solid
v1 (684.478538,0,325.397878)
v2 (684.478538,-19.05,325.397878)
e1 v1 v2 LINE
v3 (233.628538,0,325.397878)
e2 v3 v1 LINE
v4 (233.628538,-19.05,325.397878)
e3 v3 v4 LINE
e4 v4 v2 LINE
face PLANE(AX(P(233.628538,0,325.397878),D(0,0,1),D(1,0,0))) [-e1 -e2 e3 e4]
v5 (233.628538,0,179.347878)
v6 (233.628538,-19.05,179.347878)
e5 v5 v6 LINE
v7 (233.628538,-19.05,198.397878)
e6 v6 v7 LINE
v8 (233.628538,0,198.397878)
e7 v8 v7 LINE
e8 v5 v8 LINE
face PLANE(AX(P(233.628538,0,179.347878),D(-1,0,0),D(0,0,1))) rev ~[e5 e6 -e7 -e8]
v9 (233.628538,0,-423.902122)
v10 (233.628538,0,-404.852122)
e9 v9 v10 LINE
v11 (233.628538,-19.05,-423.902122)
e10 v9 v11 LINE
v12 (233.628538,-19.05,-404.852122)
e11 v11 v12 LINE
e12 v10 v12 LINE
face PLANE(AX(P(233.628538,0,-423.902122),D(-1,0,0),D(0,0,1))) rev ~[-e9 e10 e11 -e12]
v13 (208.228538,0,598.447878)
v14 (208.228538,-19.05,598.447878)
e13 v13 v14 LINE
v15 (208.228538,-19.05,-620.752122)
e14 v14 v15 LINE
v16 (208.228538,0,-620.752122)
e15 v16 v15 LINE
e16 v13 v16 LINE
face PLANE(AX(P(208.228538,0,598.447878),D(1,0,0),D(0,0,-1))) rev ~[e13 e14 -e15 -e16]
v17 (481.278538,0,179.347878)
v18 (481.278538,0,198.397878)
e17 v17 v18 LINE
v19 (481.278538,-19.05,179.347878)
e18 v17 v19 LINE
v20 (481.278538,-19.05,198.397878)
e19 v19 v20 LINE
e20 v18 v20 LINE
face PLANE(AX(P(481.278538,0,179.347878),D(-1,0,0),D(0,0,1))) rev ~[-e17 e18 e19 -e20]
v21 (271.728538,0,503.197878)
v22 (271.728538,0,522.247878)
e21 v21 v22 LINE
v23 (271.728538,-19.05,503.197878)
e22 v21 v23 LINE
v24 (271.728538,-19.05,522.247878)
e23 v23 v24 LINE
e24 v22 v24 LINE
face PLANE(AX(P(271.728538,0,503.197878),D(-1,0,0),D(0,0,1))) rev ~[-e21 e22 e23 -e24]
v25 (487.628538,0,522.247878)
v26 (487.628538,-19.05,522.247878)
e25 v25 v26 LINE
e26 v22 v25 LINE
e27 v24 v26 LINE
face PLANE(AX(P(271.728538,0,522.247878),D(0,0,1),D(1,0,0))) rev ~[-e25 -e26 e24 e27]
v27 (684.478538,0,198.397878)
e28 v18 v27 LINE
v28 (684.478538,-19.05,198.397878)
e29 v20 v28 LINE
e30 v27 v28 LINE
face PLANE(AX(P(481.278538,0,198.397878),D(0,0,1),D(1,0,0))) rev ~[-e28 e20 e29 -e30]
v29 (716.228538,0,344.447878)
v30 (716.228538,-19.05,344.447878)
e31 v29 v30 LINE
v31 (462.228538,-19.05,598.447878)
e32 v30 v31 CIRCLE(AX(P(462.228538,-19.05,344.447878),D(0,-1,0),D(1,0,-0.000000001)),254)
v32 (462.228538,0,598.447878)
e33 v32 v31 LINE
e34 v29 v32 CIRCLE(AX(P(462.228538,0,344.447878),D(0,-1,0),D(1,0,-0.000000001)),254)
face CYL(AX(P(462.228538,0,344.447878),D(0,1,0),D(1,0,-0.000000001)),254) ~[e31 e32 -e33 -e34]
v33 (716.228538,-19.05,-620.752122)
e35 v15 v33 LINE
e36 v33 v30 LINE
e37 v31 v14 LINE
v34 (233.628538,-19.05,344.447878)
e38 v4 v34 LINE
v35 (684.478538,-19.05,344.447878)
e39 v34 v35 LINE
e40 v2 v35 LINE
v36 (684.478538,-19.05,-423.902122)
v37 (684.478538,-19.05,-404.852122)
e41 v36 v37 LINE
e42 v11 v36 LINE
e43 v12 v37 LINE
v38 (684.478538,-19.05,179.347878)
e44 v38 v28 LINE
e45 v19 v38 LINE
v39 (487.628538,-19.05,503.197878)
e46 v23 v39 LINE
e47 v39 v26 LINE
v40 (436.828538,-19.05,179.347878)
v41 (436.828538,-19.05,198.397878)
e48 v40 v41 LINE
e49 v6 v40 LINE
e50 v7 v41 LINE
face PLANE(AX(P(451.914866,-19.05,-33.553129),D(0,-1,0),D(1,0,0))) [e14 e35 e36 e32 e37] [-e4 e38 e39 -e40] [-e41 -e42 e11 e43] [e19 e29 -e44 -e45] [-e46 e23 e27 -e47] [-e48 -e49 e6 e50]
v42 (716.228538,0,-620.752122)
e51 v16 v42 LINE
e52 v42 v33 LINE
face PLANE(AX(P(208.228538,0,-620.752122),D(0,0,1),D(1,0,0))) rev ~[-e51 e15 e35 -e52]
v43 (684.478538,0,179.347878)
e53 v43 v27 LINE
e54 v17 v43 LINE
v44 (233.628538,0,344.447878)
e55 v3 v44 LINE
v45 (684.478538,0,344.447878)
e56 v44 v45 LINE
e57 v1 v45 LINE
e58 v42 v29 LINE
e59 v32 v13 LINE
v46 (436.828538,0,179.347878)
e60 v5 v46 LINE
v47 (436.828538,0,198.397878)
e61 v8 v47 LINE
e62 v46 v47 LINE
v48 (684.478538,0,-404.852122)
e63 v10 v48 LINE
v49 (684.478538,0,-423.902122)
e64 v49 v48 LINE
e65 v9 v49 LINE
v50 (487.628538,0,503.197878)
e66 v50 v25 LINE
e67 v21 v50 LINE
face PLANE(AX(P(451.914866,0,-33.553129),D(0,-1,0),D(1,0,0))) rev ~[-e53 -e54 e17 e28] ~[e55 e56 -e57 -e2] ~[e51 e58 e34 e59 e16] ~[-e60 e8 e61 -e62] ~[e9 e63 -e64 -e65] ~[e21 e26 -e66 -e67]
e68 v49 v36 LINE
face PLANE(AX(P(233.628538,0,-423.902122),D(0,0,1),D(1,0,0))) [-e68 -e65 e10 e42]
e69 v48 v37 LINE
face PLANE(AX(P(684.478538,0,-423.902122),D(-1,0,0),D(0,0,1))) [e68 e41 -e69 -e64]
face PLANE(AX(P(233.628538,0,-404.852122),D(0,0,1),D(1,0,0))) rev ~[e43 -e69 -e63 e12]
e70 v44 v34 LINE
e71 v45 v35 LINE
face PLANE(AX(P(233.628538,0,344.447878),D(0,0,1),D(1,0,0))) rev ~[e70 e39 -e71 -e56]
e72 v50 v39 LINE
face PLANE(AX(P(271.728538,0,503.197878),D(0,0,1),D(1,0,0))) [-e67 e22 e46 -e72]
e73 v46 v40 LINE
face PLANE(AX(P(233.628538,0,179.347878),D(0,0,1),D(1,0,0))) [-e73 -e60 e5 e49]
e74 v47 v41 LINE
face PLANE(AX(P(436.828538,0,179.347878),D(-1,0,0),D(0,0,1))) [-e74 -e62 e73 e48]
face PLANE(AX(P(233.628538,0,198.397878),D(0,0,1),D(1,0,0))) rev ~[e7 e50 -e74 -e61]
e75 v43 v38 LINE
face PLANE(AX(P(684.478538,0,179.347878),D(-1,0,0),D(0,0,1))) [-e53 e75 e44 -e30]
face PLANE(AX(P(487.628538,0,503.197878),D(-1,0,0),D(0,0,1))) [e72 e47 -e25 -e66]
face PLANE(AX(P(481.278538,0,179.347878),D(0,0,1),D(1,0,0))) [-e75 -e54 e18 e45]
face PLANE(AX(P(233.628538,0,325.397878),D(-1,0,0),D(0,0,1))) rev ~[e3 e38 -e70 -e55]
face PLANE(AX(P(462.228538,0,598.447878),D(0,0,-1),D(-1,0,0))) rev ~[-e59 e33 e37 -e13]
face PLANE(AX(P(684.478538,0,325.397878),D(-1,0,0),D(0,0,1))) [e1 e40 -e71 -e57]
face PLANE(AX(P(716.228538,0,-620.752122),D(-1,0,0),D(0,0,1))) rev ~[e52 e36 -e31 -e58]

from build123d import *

# Parameters (mm, degrees)
F0_W     = 450.85
F0_H     = 19.05
F0_W_2   = 203.2
F0_W_3   = 215.9
F1_DEPTH = 19.05


with BuildPart() as f1:
    # F0 (on Front) → F1 (new body)
    with BuildSketch(Plane.XZ):
        with BuildLine():
            Line((462.228538, 598.447878), (208.228538, 598.447878))
            Line((208.228538, 598.447878), (208.228538, -620.752122))
            Line((208.228538, -620.752122), (716.228538, -620.752122))
            Line((716.228538, -620.752122), (716.228538, 344.447878))
            ThreePointArc((716.228538, 344.447878), (641.833661, 524.053), (462.228538, 598.447878))
        make_face()
        with Locations((459.053538, -414.377122)):
            Rectangle(F0_W, F0_H, mode=Mode.SUBTRACT)
        with Locations((335.228538, 188.872878)):
            Rectangle(F0_W_2, F0_H, mode=Mode.SUBTRACT)
        with Locations((459.053538, 334.922878)):
            Rectangle(F0_W, F0_H, mode=Mode.SUBTRACT)
        with Locations((379.678538, 512.722878)):
            Rectangle(F0_W_3, F0_H, mode=Mode.SUBTRACT)
        with Locations((582.878538, 188.872878)):
            Rectangle(F0_W_2, F0_H, mode=Mode.SUBTRACT)
    extrude(amount=F1_DEPTH)


solid = f1.part
